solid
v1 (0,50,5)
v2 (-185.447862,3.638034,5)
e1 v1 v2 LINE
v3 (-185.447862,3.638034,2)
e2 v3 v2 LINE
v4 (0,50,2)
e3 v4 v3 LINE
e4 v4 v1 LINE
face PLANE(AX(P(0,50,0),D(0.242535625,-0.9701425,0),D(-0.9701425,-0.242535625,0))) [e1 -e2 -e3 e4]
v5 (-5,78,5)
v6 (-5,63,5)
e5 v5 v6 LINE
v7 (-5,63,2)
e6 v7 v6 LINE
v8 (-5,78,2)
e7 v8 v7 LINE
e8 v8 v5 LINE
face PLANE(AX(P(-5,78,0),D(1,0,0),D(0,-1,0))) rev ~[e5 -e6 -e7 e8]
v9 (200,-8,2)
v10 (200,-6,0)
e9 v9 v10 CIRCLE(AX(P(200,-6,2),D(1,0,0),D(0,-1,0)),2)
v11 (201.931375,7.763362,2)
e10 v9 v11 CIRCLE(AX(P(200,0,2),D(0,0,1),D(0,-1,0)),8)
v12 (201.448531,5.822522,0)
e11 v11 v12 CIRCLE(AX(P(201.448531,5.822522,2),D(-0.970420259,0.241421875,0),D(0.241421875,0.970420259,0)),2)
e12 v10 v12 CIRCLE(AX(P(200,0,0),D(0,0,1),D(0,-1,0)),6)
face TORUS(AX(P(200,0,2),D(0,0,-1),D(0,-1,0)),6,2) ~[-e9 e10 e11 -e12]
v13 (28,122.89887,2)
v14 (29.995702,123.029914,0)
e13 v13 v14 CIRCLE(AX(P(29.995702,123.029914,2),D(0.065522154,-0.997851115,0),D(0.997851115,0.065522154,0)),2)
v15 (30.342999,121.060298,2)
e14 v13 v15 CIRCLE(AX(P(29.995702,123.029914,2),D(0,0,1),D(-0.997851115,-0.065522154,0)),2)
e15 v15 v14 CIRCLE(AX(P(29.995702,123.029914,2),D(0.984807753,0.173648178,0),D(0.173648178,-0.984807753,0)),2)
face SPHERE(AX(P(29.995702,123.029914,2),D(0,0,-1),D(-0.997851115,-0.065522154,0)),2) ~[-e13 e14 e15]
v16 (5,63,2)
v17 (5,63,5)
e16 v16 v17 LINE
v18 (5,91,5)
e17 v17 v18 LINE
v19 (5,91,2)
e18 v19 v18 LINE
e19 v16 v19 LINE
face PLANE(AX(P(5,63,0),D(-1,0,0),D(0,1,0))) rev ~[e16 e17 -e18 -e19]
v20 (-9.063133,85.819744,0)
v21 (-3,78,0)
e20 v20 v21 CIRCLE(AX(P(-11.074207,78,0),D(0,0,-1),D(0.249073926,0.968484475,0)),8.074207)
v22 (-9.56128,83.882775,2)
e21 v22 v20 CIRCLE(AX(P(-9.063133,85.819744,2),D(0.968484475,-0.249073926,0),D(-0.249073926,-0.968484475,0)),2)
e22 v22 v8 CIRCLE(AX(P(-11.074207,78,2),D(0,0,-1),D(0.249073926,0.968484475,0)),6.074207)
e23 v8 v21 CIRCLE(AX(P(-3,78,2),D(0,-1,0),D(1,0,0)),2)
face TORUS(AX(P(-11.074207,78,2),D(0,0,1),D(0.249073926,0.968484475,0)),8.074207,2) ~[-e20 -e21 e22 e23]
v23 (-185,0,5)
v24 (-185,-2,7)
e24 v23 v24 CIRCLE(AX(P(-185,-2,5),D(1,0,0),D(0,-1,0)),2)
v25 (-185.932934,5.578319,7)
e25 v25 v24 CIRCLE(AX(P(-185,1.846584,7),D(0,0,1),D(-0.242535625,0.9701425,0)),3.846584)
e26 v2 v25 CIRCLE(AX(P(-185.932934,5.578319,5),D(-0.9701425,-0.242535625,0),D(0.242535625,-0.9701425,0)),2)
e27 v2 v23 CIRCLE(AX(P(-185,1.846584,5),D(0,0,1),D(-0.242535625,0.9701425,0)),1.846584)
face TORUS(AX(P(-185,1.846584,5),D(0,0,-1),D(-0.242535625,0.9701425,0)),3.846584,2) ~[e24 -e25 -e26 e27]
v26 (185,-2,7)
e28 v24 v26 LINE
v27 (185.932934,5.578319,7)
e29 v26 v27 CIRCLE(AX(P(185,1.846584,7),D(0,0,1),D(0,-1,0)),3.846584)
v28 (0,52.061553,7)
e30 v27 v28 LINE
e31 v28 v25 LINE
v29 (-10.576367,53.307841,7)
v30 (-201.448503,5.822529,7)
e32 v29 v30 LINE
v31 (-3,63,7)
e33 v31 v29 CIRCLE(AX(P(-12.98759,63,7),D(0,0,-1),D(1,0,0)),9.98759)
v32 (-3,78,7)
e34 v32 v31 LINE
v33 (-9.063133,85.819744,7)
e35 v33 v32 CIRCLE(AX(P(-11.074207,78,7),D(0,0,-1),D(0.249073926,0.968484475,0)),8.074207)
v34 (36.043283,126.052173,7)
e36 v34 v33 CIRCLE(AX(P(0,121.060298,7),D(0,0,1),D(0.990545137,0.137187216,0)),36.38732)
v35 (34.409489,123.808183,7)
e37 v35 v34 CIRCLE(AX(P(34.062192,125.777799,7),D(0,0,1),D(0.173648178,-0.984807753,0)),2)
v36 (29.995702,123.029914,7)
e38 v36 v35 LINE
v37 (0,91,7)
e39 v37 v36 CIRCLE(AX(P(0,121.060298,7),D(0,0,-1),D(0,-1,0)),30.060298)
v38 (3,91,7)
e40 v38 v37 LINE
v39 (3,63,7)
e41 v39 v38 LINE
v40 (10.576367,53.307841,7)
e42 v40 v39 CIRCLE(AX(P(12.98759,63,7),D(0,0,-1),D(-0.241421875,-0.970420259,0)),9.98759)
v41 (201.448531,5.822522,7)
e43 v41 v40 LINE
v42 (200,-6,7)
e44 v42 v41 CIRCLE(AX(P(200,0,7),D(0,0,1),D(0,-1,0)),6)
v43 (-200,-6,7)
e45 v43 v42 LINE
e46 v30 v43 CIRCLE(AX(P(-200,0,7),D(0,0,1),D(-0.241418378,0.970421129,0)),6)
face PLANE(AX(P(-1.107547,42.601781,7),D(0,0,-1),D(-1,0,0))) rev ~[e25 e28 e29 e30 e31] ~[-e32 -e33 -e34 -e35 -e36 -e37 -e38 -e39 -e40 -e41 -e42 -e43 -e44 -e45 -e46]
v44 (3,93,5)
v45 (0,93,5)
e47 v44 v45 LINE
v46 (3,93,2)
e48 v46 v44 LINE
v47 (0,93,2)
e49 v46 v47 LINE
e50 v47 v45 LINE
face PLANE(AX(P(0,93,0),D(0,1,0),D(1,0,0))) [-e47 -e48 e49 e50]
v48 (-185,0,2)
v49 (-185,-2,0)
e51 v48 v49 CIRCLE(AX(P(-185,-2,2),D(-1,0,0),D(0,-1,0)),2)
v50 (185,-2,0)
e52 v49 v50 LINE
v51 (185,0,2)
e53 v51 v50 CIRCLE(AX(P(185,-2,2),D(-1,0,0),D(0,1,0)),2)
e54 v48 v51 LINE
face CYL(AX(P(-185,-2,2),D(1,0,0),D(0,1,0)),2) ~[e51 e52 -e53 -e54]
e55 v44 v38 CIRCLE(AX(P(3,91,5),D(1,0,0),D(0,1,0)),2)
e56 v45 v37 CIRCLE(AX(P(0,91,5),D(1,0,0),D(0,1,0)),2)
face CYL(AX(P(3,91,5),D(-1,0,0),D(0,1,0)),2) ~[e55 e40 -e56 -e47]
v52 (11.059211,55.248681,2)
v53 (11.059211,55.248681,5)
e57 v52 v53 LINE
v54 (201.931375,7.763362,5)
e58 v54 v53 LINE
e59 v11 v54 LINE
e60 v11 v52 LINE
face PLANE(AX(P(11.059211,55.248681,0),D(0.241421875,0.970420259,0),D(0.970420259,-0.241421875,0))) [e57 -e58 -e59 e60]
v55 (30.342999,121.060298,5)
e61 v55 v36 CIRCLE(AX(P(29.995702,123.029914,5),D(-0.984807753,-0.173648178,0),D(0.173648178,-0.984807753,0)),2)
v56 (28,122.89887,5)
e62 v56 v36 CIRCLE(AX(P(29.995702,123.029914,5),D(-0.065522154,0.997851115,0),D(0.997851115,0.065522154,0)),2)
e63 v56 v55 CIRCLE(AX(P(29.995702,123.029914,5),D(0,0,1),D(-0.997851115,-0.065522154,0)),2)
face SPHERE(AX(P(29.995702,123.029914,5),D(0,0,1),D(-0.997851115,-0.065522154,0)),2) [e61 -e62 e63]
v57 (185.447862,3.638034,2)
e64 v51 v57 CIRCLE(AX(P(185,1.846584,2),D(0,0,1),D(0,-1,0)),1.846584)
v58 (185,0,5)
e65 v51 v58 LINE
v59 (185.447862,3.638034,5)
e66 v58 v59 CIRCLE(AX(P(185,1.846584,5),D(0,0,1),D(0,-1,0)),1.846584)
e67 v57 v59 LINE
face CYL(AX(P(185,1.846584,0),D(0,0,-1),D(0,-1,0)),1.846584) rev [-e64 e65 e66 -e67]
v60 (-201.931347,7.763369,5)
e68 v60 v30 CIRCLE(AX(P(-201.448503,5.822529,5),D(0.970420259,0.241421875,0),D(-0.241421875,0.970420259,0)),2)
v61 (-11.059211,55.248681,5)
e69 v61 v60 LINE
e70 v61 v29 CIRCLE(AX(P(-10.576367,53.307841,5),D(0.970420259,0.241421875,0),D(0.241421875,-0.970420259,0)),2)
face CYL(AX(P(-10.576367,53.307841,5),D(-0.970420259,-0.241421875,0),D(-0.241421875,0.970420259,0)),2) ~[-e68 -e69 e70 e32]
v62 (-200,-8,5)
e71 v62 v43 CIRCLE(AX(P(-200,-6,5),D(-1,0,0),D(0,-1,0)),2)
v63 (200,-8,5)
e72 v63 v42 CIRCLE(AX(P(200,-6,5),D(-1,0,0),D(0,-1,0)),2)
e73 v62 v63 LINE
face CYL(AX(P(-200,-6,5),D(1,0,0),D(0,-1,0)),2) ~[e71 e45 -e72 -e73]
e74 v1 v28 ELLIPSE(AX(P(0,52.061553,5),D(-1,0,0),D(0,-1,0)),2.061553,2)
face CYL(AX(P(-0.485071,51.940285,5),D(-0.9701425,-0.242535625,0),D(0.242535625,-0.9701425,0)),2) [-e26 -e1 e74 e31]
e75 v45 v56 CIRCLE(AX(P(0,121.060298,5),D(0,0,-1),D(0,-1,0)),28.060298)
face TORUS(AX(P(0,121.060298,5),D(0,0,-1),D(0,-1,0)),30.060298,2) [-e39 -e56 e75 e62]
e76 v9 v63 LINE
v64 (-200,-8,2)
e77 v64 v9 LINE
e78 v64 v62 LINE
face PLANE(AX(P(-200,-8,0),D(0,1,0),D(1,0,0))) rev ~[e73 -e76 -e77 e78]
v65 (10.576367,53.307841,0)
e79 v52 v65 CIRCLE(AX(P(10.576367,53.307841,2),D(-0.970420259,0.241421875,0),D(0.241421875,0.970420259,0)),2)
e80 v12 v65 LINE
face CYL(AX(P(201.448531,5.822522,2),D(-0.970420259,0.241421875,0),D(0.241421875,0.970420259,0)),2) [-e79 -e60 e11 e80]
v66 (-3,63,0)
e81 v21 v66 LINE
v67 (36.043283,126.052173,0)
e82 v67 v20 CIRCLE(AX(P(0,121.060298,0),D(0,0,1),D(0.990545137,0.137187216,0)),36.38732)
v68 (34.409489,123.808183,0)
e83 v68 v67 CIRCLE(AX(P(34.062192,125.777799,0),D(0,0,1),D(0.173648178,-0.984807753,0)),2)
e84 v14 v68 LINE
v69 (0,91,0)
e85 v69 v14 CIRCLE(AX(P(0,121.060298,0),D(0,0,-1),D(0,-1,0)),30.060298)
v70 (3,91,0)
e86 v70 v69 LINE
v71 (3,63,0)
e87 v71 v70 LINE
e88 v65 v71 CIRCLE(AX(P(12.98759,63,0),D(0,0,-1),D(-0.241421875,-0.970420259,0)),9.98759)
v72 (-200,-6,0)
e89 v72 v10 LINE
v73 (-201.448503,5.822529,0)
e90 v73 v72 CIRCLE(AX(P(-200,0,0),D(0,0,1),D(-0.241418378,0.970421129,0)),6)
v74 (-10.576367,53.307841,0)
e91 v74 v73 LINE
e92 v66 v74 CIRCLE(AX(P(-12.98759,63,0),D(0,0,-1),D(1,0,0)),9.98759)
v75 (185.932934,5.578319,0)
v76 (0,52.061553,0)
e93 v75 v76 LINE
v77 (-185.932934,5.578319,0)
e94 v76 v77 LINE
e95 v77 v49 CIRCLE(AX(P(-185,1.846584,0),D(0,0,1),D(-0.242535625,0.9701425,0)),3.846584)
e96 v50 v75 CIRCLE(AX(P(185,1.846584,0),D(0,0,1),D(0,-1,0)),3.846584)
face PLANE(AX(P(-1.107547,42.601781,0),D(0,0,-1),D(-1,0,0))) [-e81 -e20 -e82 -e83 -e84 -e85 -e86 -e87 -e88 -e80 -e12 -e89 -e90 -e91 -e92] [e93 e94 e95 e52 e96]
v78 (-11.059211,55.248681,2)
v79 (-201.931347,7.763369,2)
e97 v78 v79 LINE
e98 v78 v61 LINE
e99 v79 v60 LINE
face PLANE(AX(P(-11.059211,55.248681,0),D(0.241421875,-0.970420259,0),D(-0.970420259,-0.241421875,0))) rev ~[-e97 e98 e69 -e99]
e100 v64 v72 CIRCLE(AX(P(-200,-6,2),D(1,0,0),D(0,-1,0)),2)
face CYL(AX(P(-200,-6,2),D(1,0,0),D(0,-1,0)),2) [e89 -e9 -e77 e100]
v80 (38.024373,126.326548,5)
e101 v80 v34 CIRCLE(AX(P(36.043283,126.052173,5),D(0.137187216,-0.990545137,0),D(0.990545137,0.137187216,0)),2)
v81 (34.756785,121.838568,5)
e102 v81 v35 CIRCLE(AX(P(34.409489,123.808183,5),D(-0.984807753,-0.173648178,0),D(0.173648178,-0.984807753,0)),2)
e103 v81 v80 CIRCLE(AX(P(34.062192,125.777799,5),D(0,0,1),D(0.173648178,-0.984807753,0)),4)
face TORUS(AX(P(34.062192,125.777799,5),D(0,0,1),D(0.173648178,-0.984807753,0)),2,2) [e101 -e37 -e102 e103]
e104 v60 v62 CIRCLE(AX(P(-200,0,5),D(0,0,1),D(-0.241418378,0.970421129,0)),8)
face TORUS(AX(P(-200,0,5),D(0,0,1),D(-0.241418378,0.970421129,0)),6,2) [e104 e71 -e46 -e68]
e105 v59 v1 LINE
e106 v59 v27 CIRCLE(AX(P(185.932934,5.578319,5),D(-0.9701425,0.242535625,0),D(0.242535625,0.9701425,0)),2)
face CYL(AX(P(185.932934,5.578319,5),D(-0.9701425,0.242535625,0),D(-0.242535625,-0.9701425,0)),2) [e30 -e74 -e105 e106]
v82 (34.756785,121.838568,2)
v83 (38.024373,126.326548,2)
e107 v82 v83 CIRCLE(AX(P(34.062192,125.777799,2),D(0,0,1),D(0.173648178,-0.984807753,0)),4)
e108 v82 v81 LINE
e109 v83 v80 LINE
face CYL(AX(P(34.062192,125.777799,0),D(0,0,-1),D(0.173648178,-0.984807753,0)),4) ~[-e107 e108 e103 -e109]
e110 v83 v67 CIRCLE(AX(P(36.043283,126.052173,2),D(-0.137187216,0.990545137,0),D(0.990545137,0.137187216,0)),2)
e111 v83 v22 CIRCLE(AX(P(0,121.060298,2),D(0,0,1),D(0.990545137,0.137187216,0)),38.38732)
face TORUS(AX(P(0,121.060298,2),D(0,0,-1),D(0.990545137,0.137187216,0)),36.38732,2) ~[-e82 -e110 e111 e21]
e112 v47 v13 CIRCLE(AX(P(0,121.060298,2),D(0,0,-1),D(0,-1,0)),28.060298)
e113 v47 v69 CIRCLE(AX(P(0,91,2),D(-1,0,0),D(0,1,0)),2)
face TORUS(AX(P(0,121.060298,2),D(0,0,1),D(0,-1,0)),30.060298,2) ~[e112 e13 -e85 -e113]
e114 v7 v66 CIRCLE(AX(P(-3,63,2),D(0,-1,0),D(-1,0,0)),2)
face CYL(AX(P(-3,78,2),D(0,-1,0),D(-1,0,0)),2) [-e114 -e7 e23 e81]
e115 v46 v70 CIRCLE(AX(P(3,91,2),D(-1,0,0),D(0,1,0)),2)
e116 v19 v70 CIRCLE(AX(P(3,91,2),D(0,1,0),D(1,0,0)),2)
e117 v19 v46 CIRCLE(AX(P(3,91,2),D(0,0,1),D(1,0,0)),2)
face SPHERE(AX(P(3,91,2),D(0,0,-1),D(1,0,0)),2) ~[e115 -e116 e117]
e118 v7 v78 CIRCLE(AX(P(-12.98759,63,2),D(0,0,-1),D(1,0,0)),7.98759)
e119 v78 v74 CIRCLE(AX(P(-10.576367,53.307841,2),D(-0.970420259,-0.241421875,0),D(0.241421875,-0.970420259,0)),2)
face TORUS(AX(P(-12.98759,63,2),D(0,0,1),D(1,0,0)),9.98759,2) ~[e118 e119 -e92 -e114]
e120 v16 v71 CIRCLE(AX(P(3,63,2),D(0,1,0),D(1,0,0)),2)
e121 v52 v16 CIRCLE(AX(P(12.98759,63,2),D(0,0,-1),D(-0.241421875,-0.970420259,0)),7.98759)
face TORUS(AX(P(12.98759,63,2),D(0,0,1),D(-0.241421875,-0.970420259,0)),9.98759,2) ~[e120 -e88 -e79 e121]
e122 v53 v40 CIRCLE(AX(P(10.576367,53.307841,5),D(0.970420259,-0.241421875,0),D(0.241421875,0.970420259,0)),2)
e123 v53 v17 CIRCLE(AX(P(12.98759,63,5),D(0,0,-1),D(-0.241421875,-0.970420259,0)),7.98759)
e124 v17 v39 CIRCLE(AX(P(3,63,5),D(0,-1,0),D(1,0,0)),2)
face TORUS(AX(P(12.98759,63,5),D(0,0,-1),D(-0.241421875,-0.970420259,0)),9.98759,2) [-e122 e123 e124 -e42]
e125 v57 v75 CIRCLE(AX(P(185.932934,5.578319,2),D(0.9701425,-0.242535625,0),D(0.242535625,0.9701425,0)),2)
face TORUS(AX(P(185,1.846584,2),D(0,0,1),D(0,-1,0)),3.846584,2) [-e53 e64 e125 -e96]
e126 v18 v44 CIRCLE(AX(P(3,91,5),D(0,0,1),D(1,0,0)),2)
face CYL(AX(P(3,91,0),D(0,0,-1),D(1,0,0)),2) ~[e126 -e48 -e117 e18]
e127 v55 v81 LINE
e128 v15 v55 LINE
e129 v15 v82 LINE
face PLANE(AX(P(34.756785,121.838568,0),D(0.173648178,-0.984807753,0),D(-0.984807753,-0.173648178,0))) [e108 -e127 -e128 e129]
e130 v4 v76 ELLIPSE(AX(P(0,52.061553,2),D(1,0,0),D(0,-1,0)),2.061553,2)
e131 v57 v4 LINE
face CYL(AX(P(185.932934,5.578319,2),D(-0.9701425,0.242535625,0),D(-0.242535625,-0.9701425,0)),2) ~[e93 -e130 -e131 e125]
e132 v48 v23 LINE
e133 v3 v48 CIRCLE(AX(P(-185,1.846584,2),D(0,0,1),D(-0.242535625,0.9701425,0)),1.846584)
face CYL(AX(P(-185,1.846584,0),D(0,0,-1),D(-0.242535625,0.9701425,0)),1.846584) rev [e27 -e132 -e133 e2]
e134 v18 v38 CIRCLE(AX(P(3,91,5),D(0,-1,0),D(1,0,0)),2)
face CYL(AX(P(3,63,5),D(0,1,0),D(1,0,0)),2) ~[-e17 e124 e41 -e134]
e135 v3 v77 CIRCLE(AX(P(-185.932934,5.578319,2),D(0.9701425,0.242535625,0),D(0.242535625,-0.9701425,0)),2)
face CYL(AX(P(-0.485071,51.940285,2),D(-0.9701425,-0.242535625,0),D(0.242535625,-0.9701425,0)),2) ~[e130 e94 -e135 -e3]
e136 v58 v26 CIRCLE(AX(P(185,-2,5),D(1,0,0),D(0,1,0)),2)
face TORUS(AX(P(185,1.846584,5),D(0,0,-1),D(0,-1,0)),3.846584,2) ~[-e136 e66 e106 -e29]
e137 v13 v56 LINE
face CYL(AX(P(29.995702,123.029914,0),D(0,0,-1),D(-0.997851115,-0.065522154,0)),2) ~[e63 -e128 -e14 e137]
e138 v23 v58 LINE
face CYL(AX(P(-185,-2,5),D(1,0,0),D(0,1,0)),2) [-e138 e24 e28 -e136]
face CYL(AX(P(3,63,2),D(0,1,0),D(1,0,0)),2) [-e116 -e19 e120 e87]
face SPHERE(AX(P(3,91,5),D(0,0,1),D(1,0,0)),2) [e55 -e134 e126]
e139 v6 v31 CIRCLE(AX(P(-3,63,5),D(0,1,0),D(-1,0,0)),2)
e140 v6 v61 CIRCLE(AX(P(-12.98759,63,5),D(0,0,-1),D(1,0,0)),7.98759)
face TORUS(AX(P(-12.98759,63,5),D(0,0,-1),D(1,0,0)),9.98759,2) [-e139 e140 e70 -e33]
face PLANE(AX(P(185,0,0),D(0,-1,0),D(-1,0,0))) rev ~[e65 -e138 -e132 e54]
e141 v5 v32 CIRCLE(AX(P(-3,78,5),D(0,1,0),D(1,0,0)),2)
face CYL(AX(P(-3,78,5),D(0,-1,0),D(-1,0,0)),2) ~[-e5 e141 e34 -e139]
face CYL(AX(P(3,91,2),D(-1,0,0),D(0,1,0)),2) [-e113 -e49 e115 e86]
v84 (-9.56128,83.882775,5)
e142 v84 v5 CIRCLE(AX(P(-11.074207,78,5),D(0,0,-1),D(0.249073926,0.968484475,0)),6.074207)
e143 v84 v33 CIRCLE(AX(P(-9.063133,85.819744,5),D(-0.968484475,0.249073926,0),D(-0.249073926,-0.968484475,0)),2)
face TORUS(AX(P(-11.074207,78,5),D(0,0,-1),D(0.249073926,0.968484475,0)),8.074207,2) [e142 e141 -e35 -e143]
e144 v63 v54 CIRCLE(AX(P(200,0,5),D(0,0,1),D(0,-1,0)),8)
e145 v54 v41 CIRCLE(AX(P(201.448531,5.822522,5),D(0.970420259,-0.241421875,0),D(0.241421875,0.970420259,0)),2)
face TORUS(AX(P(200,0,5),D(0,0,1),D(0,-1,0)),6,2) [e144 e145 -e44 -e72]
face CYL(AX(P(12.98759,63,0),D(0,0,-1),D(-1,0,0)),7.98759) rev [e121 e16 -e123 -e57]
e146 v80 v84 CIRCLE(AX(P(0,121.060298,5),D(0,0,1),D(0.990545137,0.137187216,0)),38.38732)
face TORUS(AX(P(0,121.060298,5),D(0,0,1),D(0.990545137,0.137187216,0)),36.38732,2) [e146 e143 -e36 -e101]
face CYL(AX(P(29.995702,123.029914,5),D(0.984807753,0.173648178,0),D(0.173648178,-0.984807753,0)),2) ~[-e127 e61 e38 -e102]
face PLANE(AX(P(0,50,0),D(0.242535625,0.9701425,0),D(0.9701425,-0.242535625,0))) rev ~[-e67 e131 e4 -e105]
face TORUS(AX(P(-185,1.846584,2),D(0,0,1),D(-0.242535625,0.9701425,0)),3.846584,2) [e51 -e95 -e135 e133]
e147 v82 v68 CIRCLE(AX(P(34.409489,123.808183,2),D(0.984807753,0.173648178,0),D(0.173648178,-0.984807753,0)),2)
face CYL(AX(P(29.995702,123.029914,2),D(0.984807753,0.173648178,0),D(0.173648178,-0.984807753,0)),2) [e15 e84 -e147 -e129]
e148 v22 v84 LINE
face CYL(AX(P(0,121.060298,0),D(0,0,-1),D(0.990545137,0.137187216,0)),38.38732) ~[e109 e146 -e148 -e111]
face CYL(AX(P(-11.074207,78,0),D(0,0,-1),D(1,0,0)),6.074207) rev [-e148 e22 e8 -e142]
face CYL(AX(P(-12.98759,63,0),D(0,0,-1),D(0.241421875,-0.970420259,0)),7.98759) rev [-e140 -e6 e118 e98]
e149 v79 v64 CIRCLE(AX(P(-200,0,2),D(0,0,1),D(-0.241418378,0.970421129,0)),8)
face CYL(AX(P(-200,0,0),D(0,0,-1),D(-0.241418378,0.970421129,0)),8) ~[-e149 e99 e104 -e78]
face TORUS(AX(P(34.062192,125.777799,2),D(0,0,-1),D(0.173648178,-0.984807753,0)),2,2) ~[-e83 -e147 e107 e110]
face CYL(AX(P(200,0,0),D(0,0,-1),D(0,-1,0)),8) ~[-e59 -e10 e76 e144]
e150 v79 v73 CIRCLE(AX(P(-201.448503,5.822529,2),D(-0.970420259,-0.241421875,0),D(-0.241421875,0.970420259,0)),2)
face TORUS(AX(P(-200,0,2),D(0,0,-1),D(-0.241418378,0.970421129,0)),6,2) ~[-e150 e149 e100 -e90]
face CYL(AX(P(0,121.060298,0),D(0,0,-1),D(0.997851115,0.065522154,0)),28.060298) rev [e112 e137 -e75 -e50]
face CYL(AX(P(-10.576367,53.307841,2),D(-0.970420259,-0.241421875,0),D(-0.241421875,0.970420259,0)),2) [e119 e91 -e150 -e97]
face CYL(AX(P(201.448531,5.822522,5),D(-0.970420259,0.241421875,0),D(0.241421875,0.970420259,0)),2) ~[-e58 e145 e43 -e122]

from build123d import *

# Parameters (mm, degrees)
EXTRUDE_DEPTH = 7
FILLET_R      = 2


with BuildPart() as part:
    # Sketch → Extrude (new body)
    with BuildSketch(Plane.XY):
        with BuildLine():
            Line((0, -8), (-200, -8))
            ThreePointArc((-201.9313470249, 7.7633690283), (-207.9406218971, -0.9728945919), (-200, -8))
            Line((-11.0592106679, 55.2486813298), (-201.9313470249, 7.7633690283))
            ThreePointArc((-11.0592106679, 55.2486813298), (-6.6945503084, 58.0807273138), (-5, 63))
            Line((-5, 78), (-5, 63))
            ThreePointArc((-5, 78), (-6.2739038934, 81.7219727078), (-9.5612804343, 83.8827752081))
            ThreePointArc((38.0243728079, 126.3265478617), (-25.5520129566, 149.7078278365), (-9.5612804343, 83.8827752081))
            ThreePointArc((34.7567849717, 121.838567987), (37.295901452, 123.4234148188), (38.0243728079, 126.3265478617))
            Line((34.7567849717, 121.838567987), (30.3429985849, 121.0602983599))
            ThreePointArc((28, 122.8988695574), (28.7610377028, 121.4565087985), (30.3429985849, 121.0602983599))
            ThreePointArc((28, 122.8988695574), (-20.4813476169, 140.2408808288), (0, 93))
            Line((0, 93), (3, 93))
            ThreePointArc((5, 91), (4.4142135624, 92.4142135624), (3, 93))
            Line((5, 83), (5, 91))
            Line((5, 83), (5, 63))
            ThreePointArc((5, 63), (6.6945503084, 58.0807273138), (11.0592106679, 55.2486813298))
            Line((11.0592106679, 55.2486813298), (201.9313749999, 7.7633620687))
            ThreePointArc((200, -8), (207.9406201442, -0.9729088987), (201.9313749999, 7.7633620687))
            Line((0, -8), (200, -8))
        make_face()
        with BuildLine():
            Line((0, 50), (-185.4478624978, 3.6380343755))
            ThreePointArc((-185.4478624978, 3.6380343755), (-186.8327489554, 1.6209626775), (-185, 0))
            Line((0, 0), (-185, 0))
            Line((185, 0), (0, 0))
            ThreePointArc((185, 0), (186.8327489554, 1.6209626775), (185.4478624978, 3.6380343755))
            Line((0, 50), (185.4478624978, 3.6380343755))
        make_face(mode=Mode.SUBTRACT)
    extrude(amount=EXTRUDE_DEPTH)

    # Fillet
    fillet_edges = [part.edges().sort_by_distance(p)[0] for p in [
        (5, 73, 0),
        (5, 73, 7),
        (6.69455, 58.080727, 0),
        (6.69455, 58.080727, 7),
        (106.495293, 31.506022, 0),
        (106.495293, 31.506022, 7),
        (207.94062, -0.972909, 0),
        (207.94062, -0.972909, 7),
        (100, -8, 0),
        (100, -8, 7),
        (-100, -8, 0),
        (-100, -8, 7),
        (-207.940622, -0.972895, 0),
        (-207.940622, -0.972895, 7),
        (-106.495279, 31.506025, 0),
        (-106.495279, 31.506025, 7),
        (-6.69455, 58.080727, 0),
        (-6.69455, 58.080727, 7),
        (-5, 70.5, 0),
        (-5, 70.5, 7),
        (-6.273904, 81.721973, 0),
        (-6.273904, 81.721973, 7),
        (-25.552013, 149.707828, 0),
        (-25.552013, 149.707828, 7),
        (37.295901, 123.423415, 0),
        (37.295901, 123.423415, 7),
        (32.549892, 121.449433, 0),
        (32.549892, 121.449433, 7),
        (28.761038, 121.456509, 0),
        (28.761038, 121.456509, 7),
        (-20.481348, 140.240881, 0),
        (-20.481348, 140.240881, 7),
        (1.5, 93, 0),
        (1.5, 93, 7),
        (4.414214, 92.414214, 0),
        (4.414214, 92.414214, 7),
        (5, 87, 0),
        (5, 87, 7),
        (-92.723931, 26.819017, 0),
        (-92.723931, 26.819017, 7),
        (-186.832749, 1.620963, 0),
        (-186.832749, 1.620963, 7),
        (-92.5, 0, 0),
        (-92.5, 0, 7),
        (92.5, 0, 0),
        (92.5, 0, 7),
        (186.832749, 1.620963, 0),
        (186.832749, 1.620963, 7),
        (92.723931, 26.819017, 0),
        (92.723931, 26.819017, 7),
    ]]
    fillet(fillet_edges, radius=FILLET_R)


solid = part.part
